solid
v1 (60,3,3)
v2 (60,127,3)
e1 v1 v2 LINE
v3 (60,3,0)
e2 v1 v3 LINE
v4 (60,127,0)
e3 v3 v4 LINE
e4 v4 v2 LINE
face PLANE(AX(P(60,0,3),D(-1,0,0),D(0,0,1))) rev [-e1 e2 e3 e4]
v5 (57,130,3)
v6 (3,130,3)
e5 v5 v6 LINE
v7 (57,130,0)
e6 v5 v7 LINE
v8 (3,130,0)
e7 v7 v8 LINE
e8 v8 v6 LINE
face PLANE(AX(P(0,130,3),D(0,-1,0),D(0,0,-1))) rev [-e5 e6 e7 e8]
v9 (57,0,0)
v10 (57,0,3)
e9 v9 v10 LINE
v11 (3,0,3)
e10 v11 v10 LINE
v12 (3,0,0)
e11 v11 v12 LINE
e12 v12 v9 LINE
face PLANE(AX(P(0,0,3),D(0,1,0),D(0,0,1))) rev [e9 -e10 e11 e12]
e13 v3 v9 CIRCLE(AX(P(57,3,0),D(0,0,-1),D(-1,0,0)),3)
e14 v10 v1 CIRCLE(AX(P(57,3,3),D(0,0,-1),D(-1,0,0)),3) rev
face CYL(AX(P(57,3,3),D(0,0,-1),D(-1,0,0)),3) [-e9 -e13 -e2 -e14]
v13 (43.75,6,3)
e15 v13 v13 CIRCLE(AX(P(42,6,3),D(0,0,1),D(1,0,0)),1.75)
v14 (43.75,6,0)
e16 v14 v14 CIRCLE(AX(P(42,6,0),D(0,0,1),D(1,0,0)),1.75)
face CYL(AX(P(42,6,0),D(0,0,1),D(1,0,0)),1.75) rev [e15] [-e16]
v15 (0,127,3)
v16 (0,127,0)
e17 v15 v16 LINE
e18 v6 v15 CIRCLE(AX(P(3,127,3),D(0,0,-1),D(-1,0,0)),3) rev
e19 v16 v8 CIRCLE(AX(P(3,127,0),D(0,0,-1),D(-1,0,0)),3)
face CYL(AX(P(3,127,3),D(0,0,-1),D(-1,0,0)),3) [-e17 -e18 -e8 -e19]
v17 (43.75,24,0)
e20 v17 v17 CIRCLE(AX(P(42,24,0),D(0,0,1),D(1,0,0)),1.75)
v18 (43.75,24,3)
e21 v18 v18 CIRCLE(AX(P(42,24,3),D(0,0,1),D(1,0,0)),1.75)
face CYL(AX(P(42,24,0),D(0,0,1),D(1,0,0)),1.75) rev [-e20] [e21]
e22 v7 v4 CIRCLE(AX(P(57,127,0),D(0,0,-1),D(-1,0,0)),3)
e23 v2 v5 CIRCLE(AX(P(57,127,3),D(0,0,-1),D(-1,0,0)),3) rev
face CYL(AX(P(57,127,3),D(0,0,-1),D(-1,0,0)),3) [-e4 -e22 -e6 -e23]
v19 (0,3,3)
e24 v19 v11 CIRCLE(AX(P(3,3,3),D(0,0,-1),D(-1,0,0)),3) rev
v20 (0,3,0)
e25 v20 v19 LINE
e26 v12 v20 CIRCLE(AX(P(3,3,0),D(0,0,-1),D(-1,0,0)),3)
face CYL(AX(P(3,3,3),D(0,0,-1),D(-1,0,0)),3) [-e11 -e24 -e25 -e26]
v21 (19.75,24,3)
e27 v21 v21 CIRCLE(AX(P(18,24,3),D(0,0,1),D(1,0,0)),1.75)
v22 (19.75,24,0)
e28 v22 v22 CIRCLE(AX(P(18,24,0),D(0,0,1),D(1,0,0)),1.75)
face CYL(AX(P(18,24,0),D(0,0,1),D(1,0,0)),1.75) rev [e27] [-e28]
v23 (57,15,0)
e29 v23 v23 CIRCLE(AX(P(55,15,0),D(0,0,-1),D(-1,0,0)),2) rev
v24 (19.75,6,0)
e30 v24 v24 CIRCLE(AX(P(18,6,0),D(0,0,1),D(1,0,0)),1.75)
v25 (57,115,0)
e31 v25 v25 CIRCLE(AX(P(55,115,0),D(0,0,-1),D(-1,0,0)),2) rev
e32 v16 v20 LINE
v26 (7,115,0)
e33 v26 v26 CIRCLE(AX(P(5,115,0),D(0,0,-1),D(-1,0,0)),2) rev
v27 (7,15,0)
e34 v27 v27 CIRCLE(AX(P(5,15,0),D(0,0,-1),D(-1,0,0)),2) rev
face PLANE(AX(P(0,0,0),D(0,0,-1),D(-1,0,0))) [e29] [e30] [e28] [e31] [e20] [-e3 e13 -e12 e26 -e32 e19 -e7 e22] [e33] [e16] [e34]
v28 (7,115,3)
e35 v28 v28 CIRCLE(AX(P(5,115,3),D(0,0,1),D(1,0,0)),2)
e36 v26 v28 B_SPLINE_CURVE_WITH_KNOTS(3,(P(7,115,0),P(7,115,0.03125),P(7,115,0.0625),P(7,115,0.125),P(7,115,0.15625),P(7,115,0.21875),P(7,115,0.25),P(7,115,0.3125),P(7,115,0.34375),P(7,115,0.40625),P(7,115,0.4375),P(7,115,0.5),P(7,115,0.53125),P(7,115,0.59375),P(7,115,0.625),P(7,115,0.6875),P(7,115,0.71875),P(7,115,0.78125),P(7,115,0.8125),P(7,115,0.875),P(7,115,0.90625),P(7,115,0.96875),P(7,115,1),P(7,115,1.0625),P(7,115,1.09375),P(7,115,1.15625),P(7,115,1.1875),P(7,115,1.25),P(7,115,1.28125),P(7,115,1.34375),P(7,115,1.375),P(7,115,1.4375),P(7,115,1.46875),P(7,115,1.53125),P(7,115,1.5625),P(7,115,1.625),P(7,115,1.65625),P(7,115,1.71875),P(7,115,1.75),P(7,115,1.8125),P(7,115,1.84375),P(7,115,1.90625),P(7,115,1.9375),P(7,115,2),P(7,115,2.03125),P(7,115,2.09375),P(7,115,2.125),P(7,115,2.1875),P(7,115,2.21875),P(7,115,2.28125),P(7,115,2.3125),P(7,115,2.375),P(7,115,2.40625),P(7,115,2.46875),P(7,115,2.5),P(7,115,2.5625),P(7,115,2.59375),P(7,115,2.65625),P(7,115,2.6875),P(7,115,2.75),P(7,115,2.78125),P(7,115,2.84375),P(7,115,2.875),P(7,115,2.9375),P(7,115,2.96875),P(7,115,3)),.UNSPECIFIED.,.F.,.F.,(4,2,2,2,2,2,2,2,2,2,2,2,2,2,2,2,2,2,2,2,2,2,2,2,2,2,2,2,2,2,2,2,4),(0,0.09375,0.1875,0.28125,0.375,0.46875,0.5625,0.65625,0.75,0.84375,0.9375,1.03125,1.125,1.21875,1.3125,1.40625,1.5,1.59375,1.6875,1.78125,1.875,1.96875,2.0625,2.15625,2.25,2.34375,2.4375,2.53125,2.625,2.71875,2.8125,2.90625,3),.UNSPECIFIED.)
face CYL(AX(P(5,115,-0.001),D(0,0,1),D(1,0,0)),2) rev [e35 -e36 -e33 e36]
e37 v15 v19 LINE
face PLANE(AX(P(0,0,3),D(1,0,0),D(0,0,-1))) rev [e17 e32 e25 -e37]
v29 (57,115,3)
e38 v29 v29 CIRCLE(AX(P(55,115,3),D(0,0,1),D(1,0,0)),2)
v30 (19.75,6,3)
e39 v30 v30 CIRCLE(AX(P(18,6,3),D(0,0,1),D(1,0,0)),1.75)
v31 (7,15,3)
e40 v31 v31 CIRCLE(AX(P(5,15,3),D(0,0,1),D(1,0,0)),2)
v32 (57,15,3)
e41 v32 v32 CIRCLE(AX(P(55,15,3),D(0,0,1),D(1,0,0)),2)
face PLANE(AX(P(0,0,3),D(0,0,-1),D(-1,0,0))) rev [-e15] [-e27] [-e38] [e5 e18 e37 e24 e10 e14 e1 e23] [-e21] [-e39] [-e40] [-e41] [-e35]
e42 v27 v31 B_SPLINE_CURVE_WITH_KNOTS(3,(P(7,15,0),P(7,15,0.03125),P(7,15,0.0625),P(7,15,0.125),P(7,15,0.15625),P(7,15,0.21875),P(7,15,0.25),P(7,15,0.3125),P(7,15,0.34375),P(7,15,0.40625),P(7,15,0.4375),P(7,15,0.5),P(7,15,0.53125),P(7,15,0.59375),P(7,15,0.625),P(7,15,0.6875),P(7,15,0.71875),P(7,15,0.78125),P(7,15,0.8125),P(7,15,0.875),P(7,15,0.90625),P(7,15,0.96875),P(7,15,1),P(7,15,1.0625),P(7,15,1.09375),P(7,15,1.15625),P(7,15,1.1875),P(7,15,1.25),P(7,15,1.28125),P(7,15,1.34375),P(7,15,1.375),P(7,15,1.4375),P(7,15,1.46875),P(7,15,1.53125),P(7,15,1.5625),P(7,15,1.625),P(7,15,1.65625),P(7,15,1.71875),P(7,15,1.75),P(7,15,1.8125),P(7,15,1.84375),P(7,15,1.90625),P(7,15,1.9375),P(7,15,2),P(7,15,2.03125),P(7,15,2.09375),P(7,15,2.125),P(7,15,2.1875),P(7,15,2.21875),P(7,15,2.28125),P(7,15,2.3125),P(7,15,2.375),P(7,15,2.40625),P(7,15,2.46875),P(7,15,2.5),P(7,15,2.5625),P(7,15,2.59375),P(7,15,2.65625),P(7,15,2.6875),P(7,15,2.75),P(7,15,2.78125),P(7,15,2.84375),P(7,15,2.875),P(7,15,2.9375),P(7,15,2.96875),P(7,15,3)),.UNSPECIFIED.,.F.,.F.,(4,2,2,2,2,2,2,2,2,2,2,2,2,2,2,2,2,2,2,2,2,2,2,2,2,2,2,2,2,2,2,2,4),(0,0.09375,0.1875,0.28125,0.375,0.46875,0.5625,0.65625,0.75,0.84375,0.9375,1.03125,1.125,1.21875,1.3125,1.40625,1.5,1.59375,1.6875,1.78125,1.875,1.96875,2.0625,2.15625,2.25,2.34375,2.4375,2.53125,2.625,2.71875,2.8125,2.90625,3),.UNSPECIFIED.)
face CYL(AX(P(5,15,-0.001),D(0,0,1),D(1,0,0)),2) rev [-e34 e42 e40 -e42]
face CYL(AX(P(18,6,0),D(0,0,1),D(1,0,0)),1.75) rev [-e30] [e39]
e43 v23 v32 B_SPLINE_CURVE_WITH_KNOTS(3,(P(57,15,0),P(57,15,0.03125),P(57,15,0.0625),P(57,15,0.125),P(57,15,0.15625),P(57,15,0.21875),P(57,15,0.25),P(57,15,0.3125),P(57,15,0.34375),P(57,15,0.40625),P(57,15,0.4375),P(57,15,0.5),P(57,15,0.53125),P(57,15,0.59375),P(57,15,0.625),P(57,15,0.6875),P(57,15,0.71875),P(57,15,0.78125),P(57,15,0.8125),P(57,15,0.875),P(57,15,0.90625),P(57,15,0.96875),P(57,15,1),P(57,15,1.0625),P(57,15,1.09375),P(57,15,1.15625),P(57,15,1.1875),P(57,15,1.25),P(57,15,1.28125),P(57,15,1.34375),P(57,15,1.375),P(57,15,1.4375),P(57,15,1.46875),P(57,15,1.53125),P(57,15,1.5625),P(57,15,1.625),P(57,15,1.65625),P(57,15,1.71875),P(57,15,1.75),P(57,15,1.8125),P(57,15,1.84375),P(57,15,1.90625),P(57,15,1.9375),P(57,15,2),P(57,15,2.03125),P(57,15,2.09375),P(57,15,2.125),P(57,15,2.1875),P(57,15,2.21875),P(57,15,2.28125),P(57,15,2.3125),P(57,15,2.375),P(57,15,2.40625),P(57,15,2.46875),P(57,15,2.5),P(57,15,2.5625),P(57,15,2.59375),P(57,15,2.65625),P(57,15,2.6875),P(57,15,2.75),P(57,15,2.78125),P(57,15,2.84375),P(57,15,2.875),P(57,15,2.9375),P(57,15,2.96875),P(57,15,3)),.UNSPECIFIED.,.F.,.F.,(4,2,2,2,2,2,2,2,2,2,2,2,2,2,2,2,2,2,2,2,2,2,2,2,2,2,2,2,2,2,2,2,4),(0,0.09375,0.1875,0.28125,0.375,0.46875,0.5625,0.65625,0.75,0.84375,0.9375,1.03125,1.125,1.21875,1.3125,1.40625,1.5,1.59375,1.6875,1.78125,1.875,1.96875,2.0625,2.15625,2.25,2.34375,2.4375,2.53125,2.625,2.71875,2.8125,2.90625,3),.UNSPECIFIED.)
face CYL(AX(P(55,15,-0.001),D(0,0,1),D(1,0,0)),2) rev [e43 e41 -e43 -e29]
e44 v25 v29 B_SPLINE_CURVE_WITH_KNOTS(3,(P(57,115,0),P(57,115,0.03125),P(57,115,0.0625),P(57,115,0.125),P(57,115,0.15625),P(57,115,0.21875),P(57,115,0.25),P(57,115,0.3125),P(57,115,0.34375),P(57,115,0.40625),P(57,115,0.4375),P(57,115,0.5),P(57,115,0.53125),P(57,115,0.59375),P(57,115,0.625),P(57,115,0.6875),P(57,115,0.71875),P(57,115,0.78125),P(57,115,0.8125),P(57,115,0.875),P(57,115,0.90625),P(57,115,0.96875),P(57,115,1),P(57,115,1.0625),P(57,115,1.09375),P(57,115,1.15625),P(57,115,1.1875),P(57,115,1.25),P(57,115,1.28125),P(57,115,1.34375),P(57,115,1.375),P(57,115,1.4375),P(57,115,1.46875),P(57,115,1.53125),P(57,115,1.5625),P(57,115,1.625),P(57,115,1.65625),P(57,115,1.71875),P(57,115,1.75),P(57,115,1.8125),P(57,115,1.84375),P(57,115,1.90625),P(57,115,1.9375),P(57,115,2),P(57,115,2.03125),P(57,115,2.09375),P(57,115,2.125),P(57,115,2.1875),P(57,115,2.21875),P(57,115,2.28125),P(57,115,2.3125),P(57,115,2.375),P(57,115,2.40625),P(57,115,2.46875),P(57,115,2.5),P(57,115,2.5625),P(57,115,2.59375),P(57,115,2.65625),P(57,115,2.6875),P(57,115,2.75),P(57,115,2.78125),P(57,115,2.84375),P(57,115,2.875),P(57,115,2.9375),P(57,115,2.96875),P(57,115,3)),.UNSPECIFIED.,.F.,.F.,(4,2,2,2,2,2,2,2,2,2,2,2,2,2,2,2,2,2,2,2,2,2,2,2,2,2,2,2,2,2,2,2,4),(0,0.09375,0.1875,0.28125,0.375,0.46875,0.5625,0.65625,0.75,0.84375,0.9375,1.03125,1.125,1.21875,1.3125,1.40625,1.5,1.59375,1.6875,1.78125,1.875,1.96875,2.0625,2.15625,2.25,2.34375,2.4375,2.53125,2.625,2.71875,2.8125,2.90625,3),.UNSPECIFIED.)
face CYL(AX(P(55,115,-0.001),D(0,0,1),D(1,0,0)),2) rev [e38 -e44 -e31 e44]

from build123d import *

# Parameters (mm, degrees)
SZKIC1_W                    = 60
SZKIC1_H                    = 130
DODANIE_WYCI_GNI_CIE1_DEPTH = 3
WYTNIJ_WYCI_GNI_CIE1_REACH  = 145.21
SZKIC2_R                    = 2
ZAOKR_GLENIE1_R             = 3
SZKIC3_R                    = 1.75
WYTNIJ_WYCI_GNI_CIE2_DEPTH  = 3


with BuildPart() as part:
    # Szkic1 → Dodanie-wyciągnięcie1 (new body)
    with BuildSketch(Plane.XY):
        with Locations((30, 65)):
            Rectangle(SZKIC1_W, SZKIC1_H)
    extrude(amount=DODANIE_WYCI_GNI_CIE1_DEPTH)

    # Szkic2 → Wytnij-wyciągnięcie1 (cut, up to next)
    with BuildSketch(Plane.XY.offset(3), mode=Mode.PRIVATE) as wytnij_wyci_gni_cie1_sk1:
        with Locations((5, 115)):
            Circle(SZKIC2_R)
    wytnij_wyci_gni_cie1_tool1 = extrude(wytnij_wyci_gni_cie1_sk1.sketch, amount=-WYTNIJ_WYCI_GNI_CIE1_REACH, mode=Mode.PRIVATE) & part.part
    # Szkic2 → Wytnij-wyciągnięcie1 (cut, up to next)
    with BuildSketch(Plane.XY.offset(3), mode=Mode.PRIVATE) as wytnij_wyci_gni_cie1_sk2:
        with Locations((55, 115)):
            Circle(SZKIC2_R)
    wytnij_wyci_gni_cie1_tool2 = extrude(wytnij_wyci_gni_cie1_sk2.sketch, amount=-WYTNIJ_WYCI_GNI_CIE1_REACH, mode=Mode.PRIVATE) & part.part
    # Szkic2 → Wytnij-wyciągnięcie1 (cut, up to next)
    with BuildSketch(Plane.XY.offset(3), mode=Mode.PRIVATE) as wytnij_wyci_gni_cie1_sk3:
        with Locations((5, 15)):
            Circle(SZKIC2_R)
    wytnij_wyci_gni_cie1_tool3 = extrude(wytnij_wyci_gni_cie1_sk3.sketch, amount=-WYTNIJ_WYCI_GNI_CIE1_REACH, mode=Mode.PRIVATE) & part.part
    # Szkic2 → Wytnij-wyciągnięcie1 (cut, up to next)
    with BuildSketch(Plane.XY.offset(3), mode=Mode.PRIVATE) as wytnij_wyci_gni_cie1_sk4:
        with Locations((55, 15)):
            Circle(SZKIC2_R)
    wytnij_wyci_gni_cie1_tool4 = extrude(wytnij_wyci_gni_cie1_sk4.sketch, amount=-WYTNIJ_WYCI_GNI_CIE1_REACH, mode=Mode.PRIVATE) & part.part
    add(wytnij_wyci_gni_cie1_tool1.solids().sort_by_distance((5, 115, 3))[0], mode=Mode.SUBTRACT)
    add(wytnij_wyci_gni_cie1_tool2.solids().sort_by_distance((55, 115, 3))[0], mode=Mode.SUBTRACT)
    add(wytnij_wyci_gni_cie1_tool3.solids().sort_by_distance((5, 15, 3))[0], mode=Mode.SUBTRACT)
    add(wytnij_wyci_gni_cie1_tool4.solids().sort_by_distance((55, 15, 3))[0], mode=Mode.SUBTRACT)

    # Zaokrąglenie1
    zaokr_glenie1_edges = [part.edges().sort_by_distance(p)[0] for p in [
        (0, 130, 1.5),
        (60, 130, 1.5),
        (60, 0, 1.5),
        (0, 0, 1.5),
    ]]
    fillet(zaokr_glenie1_edges, radius=ZAOKR_GLENIE1_R)

    # Szkic3 → Wytnij-wyciągnięcie2 (cut)
    with BuildSketch(Plane.XY.offset(3)):
        with Locations((18, 24)):
            Circle(SZKIC3_R)
        with Locations((42, 24)):
            Circle(SZKIC3_R)
        with Locations((42, 6)):
            Circle(SZKIC3_R)
        with Locations((18, 6)):
            Circle(SZKIC3_R)
    extrude(amount=-WYTNIJ_WYCI_GNI_CIE2_DEPTH, mode=Mode.SUBTRACT)


solid = part.part
